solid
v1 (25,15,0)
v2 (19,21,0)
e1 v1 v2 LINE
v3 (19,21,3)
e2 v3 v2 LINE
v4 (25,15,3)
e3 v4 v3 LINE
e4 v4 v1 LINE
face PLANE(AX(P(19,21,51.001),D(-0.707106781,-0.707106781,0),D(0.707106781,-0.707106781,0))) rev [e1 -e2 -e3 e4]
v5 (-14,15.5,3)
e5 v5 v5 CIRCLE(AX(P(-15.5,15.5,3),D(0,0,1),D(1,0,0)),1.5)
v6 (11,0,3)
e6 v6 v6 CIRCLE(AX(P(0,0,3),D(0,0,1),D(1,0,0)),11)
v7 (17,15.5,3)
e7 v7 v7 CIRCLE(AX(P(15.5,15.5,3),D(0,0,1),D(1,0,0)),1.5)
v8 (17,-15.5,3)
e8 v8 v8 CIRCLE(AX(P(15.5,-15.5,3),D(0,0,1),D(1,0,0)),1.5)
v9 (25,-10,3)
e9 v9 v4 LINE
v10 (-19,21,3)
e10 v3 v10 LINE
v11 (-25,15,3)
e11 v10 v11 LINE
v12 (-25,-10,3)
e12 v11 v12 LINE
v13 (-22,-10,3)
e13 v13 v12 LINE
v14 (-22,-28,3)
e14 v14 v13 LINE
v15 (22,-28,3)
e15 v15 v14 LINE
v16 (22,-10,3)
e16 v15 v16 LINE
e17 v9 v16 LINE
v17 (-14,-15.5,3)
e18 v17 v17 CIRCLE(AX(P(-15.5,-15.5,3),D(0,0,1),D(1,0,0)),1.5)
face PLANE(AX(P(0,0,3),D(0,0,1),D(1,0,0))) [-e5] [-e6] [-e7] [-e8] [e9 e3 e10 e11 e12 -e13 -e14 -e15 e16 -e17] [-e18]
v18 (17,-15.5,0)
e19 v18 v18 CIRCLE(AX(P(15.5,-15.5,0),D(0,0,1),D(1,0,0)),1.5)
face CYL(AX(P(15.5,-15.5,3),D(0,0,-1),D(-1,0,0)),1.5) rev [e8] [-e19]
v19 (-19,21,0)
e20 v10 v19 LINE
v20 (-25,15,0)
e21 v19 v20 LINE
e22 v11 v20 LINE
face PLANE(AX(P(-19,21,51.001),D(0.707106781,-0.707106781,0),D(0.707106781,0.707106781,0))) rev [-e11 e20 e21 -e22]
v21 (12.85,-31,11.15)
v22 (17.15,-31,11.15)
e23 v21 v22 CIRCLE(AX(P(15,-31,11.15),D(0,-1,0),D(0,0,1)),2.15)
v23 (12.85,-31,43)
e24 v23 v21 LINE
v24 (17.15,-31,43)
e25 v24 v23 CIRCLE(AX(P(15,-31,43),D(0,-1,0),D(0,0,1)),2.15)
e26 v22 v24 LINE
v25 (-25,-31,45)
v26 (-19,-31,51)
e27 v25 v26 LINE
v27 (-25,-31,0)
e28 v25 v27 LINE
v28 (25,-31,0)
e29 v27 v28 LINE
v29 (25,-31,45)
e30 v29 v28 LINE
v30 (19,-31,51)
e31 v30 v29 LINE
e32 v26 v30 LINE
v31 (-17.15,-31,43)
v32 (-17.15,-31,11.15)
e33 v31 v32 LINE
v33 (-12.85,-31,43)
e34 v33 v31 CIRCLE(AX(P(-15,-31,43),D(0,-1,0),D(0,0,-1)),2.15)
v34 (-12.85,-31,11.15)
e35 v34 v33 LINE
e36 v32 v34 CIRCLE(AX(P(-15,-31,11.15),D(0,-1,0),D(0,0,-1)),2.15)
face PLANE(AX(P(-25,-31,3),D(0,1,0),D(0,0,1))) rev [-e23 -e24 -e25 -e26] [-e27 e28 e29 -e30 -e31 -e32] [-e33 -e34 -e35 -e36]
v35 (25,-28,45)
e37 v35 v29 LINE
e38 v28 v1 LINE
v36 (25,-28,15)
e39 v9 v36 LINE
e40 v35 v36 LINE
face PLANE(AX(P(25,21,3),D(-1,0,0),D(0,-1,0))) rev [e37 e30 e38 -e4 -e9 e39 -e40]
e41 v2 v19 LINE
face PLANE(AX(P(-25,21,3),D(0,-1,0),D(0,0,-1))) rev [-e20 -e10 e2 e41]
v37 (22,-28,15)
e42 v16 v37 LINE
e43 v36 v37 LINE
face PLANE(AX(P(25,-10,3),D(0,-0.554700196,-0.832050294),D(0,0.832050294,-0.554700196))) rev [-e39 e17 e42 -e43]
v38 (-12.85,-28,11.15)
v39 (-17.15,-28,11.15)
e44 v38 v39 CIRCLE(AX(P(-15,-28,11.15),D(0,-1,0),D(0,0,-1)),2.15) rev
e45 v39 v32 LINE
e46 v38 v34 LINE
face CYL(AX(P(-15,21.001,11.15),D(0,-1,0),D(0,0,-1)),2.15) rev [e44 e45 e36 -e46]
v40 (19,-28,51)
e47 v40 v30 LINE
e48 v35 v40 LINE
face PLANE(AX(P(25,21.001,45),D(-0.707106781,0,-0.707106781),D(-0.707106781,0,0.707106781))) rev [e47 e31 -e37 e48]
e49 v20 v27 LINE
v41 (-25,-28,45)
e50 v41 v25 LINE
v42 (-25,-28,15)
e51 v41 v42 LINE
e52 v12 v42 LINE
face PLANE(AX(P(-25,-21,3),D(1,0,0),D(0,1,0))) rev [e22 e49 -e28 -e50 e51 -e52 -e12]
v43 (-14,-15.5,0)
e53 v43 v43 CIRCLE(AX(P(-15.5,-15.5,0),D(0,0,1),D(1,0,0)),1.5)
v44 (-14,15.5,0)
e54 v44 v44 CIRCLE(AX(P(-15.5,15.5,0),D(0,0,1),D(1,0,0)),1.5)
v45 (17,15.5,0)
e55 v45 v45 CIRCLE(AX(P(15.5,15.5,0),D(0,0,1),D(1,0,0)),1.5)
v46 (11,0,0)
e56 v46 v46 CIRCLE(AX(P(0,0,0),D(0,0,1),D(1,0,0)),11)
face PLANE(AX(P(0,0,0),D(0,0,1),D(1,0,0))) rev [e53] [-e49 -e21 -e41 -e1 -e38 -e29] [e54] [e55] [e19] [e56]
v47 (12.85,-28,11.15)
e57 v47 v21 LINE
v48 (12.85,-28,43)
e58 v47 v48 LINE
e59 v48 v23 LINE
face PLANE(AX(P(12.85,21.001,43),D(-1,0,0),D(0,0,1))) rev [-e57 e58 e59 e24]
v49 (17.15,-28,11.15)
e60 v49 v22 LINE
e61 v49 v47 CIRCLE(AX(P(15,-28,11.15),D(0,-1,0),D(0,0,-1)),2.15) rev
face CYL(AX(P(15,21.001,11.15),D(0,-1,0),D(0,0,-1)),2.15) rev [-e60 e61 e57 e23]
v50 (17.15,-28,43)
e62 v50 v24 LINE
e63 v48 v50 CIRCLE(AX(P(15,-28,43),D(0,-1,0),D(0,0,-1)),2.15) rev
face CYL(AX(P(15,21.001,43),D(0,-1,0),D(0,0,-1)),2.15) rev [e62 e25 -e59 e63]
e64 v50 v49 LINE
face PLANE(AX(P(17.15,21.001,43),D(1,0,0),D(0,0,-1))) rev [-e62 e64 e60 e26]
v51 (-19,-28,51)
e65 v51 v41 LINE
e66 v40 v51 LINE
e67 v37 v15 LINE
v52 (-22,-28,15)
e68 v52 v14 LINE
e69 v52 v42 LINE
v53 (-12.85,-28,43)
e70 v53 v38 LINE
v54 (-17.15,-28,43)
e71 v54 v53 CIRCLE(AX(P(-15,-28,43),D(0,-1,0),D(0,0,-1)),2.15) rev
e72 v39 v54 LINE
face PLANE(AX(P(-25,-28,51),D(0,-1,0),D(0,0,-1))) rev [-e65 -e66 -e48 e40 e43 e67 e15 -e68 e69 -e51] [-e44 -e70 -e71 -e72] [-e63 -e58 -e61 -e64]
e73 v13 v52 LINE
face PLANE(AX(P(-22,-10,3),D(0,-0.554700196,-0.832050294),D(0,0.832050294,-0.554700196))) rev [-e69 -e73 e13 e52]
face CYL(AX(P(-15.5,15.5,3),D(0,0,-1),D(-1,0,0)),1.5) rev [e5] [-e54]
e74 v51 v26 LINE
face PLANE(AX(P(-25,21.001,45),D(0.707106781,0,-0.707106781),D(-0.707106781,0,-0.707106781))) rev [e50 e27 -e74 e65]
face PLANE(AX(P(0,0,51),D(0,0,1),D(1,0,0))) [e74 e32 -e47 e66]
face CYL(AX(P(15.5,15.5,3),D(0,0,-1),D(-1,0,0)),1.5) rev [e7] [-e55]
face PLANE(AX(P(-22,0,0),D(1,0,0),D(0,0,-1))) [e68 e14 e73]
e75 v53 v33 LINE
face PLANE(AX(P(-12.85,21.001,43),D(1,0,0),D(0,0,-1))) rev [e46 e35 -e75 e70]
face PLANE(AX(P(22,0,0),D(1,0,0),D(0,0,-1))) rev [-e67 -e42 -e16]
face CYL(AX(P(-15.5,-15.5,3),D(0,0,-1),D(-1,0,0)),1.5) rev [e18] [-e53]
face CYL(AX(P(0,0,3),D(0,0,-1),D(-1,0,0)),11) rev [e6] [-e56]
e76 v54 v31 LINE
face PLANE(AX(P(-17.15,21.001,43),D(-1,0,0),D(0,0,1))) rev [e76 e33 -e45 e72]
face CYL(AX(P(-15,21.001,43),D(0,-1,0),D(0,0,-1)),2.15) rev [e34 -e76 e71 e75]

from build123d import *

# Parameters (mm, degrees)
SKETCH1_R           = 11
SKETCH1_R_2         = 1.5
BOSS_EXTRUDE1_DEPTH = 3
SKETCH2_W           = 50
SKETCH2_H           = 3
BOSS_EXTRUDE2_DEPTH = 48
CUT_EXTRUDE1_REACH  = 79.006
BOSS_EXTRUDE3_START = 22
BOSS_EXTRUDE3_DEPTH = 3
LPATTERN2_COUNT     = 2
LPATTERN2_PITCH     = 47
CUT_EXTRUDE2_REACH  = 66.707
CUT_EXTRUDE3_REACH  = 79.006


with BuildPart() as part:
    # Sketch1 → Boss-Extrude1 (new body)
    with BuildSketch(Plane.XY):
        Polygon((-25, 21), (25, 21), (25, -21), (25, -31), (-25, -31), (-25, -21), align=None)
        Circle(SKETCH1_R, mode=Mode.SUBTRACT)
        with Locations((-15.5, 15.5)):
            Circle(SKETCH1_R_2, mode=Mode.SUBTRACT)
        with Locations((15.5, 15.5)):
            Circle(SKETCH1_R_2, mode=Mode.SUBTRACT)
        with Locations((-15.5, -15.5)):
            Circle(SKETCH1_R_2, mode=Mode.SUBTRACT)
        with Locations((15.5, -15.5)):
            Circle(SKETCH1_R_2, mode=Mode.SUBTRACT)
    extrude(amount=BOSS_EXTRUDE1_DEPTH)

    # Sketch2 → Boss-Extrude2 (add)
    with BuildSketch(Plane.XY.offset(3)):
        with Locations((0, -29.5)):
            Rectangle(SKETCH2_W, SKETCH2_H)
    extrude(amount=BOSS_EXTRUDE2_DEPTH)

    # Sketch3 → Cut-Extrude1 (cut, up to next)
    with BuildSketch(Plane.XZ.offset(31), mode=Mode.PRIVATE) as cut_extrude1_sk1:
        with BuildLine():
            Line((-12.85, 43), (-12.85, 11.15))
            ThreePointArc((-12.85, 11.15), (-15, 9), (-17.15, 11.15))
            Line((-17.15, 11.15), (-17.15, 43))
            ThreePointArc((-17.15, 43), (-15, 45.15), (-12.85, 43))
        make_face()
    cut_extrude1_tool1 = extrude(cut_extrude1_sk1.sketch, amount=-CUT_EXTRUDE1_REACH, mode=Mode.PRIVATE) & part.part
    # Sketch3 → Cut-Extrude1 (cut, up to next)
    with BuildSketch(Plane.XZ.offset(31), mode=Mode.PRIVATE) as cut_extrude1_sk2:
        with BuildLine():
            Line((12.85, 43), (12.85, 11.15))
            ThreePointArc((12.85, 11.15), (15, 9), (17.15, 11.15))
            Line((17.15, 11.15), (17.15, 43))
            ThreePointArc((17.15, 43), (15, 45.15), (12.85, 43))
        make_face()
    cut_extrude1_tool2 = extrude(cut_extrude1_sk2.sketch, amount=-CUT_EXTRUDE1_REACH, mode=Mode.PRIVATE) & part.part
    add(cut_extrude1_tool1.solids().sort_by_distance((-15, -31, 27.075))[0], mode=Mode.SUBTRACT)
    add(cut_extrude1_tool2.solids().sort_by_distance((15, -31, 27.075))[0], mode=Mode.SUBTRACT)

    # Sketch4 → Boss-Extrude3 (add)
    with BuildSketch(Plane(origin=(0, 0, 0), x_dir=(0, 0, -1), z_dir=(1, 0, 0)).offset(BOSS_EXTRUDE3_START)):
        Polygon((-3, -28), (-3, -10), (-15, -28), align=None)
    boss_extrude3 = extrude(amount=BOSS_EXTRUDE3_DEPTH)

    # LPattern2: Boss-Extrude3 ×2
    with Locations(*[(-i * LPATTERN2_PITCH, 0, 0) for i in range(1, LPATTERN2_COUNT)]):
        add(boss_extrude3)

    # Sketch5 → Cut-Extrude2 (cut, up to next)
    with BuildSketch(Plane(origin=(0, 0, 0), x_dir=(-1, 0, 0), z_dir=(0, 0, -1)), mode=Mode.PRIVATE) as cut_extrude2_sk1:
        Polygon((-19, 21), (-25, 15), (-25, 21), align=None)
    cut_extrude2_tool1 = extrude(cut_extrude2_sk1.sketch, amount=-CUT_EXTRUDE2_REACH, mode=Mode.PRIVATE) & part.part
    # Sketch5 → Cut-Extrude2 (cut, up to next)
    with BuildSketch(Plane(origin=(0, 0, 0), x_dir=(-1, 0, 0), z_dir=(0, 0, -1)), mode=Mode.PRIVATE) as cut_extrude2_sk2:
        Polygon((25, 21), (19, 21), (25, 15), align=None)
    cut_extrude2_tool2 = extrude(cut_extrude2_sk2.sketch, amount=-CUT_EXTRUDE2_REACH, mode=Mode.PRIVATE) & part.part
    add(cut_extrude2_tool1.solids().sort_by_distance((23, 19, 0))[0], mode=Mode.SUBTRACT)
    add(cut_extrude2_tool2.solids().sort_by_distance((-23, 19, 0))[0], mode=Mode.SUBTRACT)

    # Sketch6 → Cut-Extrude3 (cut, up to next)
    with BuildSketch(Plane.XZ.offset(31), mode=Mode.PRIVATE) as cut_extrude3_sk1:
        Polygon((-25, 51), (-25, 45), (-19, 51), align=None)
    cut_extrude3_tool1 = extrude(cut_extrude3_sk1.sketch, amount=-CUT_EXTRUDE3_REACH, mode=Mode.PRIVATE) & part.part
    # Sketch6 → Cut-Extrude3 (cut, up to next)
    with BuildSketch(Plane.XZ.offset(31), mode=Mode.PRIVATE) as cut_extrude3_sk2:
        Polygon((25, 51), (19, 51), (25, 45), align=None)
    cut_extrude3_tool2 = extrude(cut_extrude3_sk2.sketch, amount=-CUT_EXTRUDE3_REACH, mode=Mode.PRIVATE) & part.part
    add(cut_extrude3_tool1.solids().sort_by_distance((-23, -31, 49))[0], mode=Mode.SUBTRACT)
    add(cut_extrude3_tool2.solids().sort_by_distance((23, -31, 49))[0], mode=Mode.SUBTRACT)


solid = part.part
